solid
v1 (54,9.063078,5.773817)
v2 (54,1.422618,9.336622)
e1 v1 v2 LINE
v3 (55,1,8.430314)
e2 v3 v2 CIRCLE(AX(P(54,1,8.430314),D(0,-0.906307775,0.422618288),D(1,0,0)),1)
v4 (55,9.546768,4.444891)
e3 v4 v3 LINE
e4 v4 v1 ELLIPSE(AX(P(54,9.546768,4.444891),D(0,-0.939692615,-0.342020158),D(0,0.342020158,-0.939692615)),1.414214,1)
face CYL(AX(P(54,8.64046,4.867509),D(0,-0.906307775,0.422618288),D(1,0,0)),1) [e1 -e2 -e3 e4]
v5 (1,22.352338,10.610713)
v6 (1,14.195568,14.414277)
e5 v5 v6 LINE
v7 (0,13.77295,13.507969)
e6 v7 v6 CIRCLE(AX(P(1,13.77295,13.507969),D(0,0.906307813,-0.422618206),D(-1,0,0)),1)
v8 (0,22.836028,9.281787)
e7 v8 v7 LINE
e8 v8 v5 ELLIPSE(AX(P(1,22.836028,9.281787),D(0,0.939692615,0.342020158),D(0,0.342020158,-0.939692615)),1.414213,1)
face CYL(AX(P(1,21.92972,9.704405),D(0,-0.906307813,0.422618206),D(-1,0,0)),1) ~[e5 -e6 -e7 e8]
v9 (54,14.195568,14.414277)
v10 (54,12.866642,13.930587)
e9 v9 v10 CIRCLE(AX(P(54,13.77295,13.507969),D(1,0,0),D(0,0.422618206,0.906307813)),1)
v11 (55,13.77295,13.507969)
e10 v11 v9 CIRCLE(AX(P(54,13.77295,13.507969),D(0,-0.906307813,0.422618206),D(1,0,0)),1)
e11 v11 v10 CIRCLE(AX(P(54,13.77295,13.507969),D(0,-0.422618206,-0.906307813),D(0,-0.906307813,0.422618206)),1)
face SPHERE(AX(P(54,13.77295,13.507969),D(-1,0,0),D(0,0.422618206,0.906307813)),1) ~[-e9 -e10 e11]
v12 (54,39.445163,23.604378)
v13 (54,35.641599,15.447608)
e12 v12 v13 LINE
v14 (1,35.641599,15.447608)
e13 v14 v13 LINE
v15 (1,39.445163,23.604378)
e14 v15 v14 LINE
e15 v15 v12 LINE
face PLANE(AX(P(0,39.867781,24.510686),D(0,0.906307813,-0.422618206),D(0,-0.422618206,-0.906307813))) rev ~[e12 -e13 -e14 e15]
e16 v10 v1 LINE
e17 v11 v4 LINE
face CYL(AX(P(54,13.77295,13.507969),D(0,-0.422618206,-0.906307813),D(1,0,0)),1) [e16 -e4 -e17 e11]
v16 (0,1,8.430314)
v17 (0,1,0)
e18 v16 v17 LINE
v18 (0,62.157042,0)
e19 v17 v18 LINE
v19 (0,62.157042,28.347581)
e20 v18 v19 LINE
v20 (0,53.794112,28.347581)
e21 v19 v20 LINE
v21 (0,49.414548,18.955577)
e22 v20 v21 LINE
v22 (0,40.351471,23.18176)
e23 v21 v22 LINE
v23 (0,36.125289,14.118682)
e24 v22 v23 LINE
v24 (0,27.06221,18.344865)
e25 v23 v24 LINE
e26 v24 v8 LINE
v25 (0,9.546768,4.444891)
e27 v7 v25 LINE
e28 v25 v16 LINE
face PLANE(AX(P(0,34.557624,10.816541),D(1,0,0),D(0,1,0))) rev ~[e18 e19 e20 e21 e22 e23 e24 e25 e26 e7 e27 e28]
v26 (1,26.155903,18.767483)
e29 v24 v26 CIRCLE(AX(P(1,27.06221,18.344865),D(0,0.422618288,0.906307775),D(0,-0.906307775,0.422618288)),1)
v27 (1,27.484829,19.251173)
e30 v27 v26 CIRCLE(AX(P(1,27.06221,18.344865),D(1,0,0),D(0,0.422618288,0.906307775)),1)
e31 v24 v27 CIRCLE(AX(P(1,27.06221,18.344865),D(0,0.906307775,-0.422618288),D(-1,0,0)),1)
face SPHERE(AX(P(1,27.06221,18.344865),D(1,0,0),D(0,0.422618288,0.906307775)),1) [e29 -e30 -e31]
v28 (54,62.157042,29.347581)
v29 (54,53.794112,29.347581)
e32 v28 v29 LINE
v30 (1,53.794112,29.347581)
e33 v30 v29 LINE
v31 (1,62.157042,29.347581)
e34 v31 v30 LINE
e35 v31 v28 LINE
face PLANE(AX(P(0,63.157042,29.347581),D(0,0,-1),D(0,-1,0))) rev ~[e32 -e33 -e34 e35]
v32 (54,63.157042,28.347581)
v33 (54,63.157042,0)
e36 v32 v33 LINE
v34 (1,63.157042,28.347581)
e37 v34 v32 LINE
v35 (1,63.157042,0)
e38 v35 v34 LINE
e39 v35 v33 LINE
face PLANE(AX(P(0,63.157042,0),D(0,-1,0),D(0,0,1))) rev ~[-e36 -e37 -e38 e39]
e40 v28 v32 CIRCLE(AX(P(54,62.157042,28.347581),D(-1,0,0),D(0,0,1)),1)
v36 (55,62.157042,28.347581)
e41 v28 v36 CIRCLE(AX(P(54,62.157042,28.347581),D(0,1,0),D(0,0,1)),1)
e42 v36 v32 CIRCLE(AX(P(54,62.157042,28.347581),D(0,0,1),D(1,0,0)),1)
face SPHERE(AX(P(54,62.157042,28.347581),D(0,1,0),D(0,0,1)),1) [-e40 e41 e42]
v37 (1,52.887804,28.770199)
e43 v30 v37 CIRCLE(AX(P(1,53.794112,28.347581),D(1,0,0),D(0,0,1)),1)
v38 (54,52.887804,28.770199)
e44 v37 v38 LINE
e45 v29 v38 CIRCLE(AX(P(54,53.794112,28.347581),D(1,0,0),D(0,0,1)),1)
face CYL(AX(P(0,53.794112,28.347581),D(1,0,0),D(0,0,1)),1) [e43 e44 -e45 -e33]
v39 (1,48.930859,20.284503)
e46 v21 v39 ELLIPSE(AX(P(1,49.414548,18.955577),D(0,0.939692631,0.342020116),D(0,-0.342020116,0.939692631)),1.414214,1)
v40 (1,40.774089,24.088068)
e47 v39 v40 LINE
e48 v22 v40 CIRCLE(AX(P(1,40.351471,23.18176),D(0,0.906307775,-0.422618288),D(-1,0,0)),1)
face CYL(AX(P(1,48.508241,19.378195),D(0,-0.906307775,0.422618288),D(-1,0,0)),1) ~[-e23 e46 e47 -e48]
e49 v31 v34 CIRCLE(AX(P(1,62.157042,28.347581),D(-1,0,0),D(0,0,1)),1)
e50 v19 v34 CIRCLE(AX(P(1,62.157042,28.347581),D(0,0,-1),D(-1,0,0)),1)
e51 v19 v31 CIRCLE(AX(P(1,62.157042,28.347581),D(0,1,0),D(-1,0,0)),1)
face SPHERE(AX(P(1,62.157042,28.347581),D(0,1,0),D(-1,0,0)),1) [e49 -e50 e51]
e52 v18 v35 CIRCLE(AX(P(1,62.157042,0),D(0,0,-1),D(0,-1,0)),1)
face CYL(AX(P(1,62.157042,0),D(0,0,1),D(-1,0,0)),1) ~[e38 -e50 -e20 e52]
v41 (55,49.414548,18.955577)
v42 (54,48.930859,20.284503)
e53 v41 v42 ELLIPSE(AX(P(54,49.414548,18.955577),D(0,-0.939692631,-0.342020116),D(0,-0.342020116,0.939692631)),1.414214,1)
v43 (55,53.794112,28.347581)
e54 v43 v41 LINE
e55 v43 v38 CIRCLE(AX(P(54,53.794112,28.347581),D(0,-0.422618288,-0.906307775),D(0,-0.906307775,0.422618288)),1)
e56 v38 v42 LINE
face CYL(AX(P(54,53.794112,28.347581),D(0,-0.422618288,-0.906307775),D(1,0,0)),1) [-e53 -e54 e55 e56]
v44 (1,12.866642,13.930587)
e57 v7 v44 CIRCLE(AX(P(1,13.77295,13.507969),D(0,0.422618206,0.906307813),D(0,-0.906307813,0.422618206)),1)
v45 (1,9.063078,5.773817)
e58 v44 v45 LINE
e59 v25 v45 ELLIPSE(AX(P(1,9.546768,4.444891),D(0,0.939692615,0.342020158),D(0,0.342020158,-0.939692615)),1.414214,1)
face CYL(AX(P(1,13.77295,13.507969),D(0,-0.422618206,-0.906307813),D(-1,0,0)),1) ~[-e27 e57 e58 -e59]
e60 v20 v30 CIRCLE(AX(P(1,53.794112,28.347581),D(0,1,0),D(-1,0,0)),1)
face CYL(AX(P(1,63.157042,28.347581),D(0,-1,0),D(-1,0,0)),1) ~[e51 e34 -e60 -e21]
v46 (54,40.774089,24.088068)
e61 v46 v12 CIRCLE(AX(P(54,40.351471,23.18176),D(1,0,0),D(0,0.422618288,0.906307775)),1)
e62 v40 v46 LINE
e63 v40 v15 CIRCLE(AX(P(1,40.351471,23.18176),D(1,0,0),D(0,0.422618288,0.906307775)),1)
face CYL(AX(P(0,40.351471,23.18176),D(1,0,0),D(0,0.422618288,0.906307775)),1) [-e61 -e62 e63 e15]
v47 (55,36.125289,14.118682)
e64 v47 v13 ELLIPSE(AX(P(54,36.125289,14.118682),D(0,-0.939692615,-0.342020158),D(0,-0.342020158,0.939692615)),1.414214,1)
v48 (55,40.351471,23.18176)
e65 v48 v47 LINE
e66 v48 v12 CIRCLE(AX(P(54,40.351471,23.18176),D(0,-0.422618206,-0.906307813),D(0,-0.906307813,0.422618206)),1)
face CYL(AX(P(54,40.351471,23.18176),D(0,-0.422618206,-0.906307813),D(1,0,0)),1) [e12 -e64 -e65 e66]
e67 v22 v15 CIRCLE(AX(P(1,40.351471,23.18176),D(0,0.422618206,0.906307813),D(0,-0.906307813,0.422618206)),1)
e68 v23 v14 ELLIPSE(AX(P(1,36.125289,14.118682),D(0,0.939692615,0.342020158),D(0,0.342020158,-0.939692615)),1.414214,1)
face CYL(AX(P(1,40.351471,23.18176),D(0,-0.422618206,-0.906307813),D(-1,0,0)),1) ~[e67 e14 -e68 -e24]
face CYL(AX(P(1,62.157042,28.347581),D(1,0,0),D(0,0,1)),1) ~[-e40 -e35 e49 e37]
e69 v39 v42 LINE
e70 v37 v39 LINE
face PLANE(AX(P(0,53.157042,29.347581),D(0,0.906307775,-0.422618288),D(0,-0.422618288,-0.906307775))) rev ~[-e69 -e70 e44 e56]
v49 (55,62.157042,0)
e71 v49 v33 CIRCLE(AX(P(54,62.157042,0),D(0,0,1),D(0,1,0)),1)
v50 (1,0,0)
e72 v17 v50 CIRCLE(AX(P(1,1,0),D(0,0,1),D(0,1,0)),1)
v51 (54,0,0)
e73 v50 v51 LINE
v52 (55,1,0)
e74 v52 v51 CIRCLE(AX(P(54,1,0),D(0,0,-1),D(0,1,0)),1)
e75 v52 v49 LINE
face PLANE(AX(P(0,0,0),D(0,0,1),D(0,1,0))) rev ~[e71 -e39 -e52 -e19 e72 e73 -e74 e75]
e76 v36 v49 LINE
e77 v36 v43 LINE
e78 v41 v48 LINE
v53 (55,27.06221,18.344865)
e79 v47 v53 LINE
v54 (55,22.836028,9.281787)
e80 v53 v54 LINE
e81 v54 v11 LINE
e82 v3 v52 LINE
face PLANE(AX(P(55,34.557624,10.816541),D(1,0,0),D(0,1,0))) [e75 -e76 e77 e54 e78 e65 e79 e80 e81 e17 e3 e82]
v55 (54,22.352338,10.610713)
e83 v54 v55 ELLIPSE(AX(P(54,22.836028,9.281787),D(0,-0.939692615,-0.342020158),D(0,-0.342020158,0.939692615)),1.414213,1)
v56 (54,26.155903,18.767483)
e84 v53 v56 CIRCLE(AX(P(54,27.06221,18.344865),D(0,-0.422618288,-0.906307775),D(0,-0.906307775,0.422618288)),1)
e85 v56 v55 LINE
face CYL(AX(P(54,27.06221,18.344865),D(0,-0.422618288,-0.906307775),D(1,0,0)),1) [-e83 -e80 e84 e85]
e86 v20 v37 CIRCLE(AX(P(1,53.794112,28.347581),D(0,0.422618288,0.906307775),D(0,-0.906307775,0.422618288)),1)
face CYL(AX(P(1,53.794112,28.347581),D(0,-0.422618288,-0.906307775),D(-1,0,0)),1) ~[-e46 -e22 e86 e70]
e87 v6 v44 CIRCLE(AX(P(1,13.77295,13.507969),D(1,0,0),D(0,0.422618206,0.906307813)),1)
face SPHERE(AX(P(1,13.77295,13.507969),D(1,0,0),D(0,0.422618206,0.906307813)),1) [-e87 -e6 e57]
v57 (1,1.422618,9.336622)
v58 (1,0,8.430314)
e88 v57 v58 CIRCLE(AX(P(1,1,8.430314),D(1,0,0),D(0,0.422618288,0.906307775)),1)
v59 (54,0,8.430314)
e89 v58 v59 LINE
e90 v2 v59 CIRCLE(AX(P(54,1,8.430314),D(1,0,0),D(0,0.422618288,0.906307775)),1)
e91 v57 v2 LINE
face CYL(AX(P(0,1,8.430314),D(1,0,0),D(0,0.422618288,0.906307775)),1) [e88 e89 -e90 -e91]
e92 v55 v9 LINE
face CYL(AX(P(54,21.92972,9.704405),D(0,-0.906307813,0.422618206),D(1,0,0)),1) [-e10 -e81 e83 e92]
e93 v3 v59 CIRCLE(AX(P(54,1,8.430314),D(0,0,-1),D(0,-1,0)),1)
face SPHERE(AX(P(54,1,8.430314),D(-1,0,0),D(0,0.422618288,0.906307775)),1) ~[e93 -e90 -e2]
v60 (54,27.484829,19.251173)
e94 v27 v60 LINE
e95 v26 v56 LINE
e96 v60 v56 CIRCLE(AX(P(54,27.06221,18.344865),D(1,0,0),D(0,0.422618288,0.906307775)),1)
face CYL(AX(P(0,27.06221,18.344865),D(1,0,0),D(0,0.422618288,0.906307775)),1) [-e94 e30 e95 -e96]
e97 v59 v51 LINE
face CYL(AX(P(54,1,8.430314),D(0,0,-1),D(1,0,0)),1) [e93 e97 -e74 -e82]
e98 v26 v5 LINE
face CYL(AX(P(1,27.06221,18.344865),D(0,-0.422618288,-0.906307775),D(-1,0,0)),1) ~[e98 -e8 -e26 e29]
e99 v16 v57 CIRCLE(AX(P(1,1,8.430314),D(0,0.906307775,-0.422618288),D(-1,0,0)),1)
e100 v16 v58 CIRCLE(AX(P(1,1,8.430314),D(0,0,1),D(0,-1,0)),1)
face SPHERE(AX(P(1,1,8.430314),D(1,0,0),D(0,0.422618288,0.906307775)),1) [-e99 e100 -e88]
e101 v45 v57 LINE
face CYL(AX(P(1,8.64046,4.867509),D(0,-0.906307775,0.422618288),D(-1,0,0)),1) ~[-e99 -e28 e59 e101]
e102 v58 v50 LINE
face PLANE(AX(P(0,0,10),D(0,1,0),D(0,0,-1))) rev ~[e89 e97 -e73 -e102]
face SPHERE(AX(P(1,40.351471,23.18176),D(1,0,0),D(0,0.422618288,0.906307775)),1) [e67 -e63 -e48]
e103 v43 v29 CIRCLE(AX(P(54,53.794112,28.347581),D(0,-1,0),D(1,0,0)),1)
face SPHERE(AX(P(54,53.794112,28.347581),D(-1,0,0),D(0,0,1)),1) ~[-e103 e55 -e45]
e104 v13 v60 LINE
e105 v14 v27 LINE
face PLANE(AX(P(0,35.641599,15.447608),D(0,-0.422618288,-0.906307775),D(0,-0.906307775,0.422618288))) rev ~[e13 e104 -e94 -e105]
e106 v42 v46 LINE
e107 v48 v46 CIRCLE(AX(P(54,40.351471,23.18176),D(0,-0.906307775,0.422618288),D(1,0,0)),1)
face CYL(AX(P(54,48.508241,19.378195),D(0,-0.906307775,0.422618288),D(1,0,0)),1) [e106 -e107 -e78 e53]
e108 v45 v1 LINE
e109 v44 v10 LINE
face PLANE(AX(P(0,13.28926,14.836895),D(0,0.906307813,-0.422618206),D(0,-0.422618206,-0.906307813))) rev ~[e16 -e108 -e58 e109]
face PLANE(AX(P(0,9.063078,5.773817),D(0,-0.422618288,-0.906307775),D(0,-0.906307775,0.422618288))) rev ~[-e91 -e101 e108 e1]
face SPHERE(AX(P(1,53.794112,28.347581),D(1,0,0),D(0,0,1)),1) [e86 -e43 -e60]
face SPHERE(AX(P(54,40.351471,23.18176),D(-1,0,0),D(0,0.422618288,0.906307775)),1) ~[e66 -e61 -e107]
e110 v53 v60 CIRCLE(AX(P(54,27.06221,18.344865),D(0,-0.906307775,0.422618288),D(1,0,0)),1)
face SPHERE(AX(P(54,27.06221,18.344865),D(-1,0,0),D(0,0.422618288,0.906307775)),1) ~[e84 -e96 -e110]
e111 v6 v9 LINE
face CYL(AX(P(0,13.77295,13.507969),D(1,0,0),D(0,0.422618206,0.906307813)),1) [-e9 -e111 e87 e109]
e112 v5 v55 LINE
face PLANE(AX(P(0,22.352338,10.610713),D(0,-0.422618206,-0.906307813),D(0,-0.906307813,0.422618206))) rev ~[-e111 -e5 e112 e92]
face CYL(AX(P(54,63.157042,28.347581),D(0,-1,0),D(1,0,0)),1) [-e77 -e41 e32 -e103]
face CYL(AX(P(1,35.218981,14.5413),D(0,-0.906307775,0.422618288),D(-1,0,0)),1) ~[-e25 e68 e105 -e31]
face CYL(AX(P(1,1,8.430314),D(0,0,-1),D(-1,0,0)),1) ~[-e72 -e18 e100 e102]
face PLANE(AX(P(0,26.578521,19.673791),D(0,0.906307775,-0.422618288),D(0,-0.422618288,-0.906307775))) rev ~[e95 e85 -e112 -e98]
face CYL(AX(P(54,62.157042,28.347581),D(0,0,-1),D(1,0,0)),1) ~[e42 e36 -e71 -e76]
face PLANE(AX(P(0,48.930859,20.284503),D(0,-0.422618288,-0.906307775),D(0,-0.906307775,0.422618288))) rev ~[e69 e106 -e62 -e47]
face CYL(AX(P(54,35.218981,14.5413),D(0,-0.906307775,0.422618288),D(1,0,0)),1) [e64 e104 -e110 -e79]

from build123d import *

# Parameters (mm, degrees)
PAD_DEPTH   = 55
FILLET_R    = 1
FILLET001_R = 1
FILLET002_R = 1
FILLET003_R = 1


with BuildPart() as part:
    # Sketch → Pad (new body)
    with BuildSketch(Plane.YZ):
        Polygon((0, 0), (63.157042, 0), (63.157042, 29.347581), (53.157042, 29.347581), (48.930859, 20.284503), (39.867781, 24.510686), (35.641599, 15.447608), (26.578521, 19.673791), (22.352338, 10.610713), (13.28926, 14.836895), (9.063078, 5.773817), (0, 10), align=None)
    extrude(amount=PAD_DEPTH)

    # Fillet
    fillet_edges = [part.edges().sort_by_distance(p)[0] for p in [
        (27.5, 13.28926, 14.836895),
        (27.5, 26.578521, 19.673791),
        (27.5, 39.867781, 24.510686),
        (27.5, 53.157042, 29.347581),
        (27.5, 0, 10),
    ]]
    fillet(fillet_edges, radius=FILLET_R)

    # Fillet001
    fillet001_edges = [part.edges().sort_by_distance(p)[0] for p in [
        (55, 18.273953, 12.512495),
        (55, 5.242848, 7.55522),
        (55, 31.563214, 17.34939),
        (55, 44.852474, 22.186285),
        (55, 50.909332, 24.527351),
    ]]
    fillet(fillet001_edges, radius=FILLET001_R)

    # Fillet002
    fillet002_edges = [part.edges().sort_by_distance(p)[0] for p in [
        (0, 44.852474, 22.186285),
        (0, 50.909332, 24.527351),
        (0, 31.563214, 17.34939),
        (0, 18.273953, 12.512495),
        (0, 5.242848, 7.55522),
    ]]
    fillet(fillet002_edges, radius=FILLET002_R)

    # Fillet003
    fillet003_edges = [part.edges().sort_by_distance(p)[0] for p in [
        (27.5, 63.157042, 29.347581),
        (0, 63.157042, 14.173791),
        (55, 63.157042, 14.173791),
    ]]
    fillet(fillet003_edges, radius=FILLET003_R)


solid = part.part
